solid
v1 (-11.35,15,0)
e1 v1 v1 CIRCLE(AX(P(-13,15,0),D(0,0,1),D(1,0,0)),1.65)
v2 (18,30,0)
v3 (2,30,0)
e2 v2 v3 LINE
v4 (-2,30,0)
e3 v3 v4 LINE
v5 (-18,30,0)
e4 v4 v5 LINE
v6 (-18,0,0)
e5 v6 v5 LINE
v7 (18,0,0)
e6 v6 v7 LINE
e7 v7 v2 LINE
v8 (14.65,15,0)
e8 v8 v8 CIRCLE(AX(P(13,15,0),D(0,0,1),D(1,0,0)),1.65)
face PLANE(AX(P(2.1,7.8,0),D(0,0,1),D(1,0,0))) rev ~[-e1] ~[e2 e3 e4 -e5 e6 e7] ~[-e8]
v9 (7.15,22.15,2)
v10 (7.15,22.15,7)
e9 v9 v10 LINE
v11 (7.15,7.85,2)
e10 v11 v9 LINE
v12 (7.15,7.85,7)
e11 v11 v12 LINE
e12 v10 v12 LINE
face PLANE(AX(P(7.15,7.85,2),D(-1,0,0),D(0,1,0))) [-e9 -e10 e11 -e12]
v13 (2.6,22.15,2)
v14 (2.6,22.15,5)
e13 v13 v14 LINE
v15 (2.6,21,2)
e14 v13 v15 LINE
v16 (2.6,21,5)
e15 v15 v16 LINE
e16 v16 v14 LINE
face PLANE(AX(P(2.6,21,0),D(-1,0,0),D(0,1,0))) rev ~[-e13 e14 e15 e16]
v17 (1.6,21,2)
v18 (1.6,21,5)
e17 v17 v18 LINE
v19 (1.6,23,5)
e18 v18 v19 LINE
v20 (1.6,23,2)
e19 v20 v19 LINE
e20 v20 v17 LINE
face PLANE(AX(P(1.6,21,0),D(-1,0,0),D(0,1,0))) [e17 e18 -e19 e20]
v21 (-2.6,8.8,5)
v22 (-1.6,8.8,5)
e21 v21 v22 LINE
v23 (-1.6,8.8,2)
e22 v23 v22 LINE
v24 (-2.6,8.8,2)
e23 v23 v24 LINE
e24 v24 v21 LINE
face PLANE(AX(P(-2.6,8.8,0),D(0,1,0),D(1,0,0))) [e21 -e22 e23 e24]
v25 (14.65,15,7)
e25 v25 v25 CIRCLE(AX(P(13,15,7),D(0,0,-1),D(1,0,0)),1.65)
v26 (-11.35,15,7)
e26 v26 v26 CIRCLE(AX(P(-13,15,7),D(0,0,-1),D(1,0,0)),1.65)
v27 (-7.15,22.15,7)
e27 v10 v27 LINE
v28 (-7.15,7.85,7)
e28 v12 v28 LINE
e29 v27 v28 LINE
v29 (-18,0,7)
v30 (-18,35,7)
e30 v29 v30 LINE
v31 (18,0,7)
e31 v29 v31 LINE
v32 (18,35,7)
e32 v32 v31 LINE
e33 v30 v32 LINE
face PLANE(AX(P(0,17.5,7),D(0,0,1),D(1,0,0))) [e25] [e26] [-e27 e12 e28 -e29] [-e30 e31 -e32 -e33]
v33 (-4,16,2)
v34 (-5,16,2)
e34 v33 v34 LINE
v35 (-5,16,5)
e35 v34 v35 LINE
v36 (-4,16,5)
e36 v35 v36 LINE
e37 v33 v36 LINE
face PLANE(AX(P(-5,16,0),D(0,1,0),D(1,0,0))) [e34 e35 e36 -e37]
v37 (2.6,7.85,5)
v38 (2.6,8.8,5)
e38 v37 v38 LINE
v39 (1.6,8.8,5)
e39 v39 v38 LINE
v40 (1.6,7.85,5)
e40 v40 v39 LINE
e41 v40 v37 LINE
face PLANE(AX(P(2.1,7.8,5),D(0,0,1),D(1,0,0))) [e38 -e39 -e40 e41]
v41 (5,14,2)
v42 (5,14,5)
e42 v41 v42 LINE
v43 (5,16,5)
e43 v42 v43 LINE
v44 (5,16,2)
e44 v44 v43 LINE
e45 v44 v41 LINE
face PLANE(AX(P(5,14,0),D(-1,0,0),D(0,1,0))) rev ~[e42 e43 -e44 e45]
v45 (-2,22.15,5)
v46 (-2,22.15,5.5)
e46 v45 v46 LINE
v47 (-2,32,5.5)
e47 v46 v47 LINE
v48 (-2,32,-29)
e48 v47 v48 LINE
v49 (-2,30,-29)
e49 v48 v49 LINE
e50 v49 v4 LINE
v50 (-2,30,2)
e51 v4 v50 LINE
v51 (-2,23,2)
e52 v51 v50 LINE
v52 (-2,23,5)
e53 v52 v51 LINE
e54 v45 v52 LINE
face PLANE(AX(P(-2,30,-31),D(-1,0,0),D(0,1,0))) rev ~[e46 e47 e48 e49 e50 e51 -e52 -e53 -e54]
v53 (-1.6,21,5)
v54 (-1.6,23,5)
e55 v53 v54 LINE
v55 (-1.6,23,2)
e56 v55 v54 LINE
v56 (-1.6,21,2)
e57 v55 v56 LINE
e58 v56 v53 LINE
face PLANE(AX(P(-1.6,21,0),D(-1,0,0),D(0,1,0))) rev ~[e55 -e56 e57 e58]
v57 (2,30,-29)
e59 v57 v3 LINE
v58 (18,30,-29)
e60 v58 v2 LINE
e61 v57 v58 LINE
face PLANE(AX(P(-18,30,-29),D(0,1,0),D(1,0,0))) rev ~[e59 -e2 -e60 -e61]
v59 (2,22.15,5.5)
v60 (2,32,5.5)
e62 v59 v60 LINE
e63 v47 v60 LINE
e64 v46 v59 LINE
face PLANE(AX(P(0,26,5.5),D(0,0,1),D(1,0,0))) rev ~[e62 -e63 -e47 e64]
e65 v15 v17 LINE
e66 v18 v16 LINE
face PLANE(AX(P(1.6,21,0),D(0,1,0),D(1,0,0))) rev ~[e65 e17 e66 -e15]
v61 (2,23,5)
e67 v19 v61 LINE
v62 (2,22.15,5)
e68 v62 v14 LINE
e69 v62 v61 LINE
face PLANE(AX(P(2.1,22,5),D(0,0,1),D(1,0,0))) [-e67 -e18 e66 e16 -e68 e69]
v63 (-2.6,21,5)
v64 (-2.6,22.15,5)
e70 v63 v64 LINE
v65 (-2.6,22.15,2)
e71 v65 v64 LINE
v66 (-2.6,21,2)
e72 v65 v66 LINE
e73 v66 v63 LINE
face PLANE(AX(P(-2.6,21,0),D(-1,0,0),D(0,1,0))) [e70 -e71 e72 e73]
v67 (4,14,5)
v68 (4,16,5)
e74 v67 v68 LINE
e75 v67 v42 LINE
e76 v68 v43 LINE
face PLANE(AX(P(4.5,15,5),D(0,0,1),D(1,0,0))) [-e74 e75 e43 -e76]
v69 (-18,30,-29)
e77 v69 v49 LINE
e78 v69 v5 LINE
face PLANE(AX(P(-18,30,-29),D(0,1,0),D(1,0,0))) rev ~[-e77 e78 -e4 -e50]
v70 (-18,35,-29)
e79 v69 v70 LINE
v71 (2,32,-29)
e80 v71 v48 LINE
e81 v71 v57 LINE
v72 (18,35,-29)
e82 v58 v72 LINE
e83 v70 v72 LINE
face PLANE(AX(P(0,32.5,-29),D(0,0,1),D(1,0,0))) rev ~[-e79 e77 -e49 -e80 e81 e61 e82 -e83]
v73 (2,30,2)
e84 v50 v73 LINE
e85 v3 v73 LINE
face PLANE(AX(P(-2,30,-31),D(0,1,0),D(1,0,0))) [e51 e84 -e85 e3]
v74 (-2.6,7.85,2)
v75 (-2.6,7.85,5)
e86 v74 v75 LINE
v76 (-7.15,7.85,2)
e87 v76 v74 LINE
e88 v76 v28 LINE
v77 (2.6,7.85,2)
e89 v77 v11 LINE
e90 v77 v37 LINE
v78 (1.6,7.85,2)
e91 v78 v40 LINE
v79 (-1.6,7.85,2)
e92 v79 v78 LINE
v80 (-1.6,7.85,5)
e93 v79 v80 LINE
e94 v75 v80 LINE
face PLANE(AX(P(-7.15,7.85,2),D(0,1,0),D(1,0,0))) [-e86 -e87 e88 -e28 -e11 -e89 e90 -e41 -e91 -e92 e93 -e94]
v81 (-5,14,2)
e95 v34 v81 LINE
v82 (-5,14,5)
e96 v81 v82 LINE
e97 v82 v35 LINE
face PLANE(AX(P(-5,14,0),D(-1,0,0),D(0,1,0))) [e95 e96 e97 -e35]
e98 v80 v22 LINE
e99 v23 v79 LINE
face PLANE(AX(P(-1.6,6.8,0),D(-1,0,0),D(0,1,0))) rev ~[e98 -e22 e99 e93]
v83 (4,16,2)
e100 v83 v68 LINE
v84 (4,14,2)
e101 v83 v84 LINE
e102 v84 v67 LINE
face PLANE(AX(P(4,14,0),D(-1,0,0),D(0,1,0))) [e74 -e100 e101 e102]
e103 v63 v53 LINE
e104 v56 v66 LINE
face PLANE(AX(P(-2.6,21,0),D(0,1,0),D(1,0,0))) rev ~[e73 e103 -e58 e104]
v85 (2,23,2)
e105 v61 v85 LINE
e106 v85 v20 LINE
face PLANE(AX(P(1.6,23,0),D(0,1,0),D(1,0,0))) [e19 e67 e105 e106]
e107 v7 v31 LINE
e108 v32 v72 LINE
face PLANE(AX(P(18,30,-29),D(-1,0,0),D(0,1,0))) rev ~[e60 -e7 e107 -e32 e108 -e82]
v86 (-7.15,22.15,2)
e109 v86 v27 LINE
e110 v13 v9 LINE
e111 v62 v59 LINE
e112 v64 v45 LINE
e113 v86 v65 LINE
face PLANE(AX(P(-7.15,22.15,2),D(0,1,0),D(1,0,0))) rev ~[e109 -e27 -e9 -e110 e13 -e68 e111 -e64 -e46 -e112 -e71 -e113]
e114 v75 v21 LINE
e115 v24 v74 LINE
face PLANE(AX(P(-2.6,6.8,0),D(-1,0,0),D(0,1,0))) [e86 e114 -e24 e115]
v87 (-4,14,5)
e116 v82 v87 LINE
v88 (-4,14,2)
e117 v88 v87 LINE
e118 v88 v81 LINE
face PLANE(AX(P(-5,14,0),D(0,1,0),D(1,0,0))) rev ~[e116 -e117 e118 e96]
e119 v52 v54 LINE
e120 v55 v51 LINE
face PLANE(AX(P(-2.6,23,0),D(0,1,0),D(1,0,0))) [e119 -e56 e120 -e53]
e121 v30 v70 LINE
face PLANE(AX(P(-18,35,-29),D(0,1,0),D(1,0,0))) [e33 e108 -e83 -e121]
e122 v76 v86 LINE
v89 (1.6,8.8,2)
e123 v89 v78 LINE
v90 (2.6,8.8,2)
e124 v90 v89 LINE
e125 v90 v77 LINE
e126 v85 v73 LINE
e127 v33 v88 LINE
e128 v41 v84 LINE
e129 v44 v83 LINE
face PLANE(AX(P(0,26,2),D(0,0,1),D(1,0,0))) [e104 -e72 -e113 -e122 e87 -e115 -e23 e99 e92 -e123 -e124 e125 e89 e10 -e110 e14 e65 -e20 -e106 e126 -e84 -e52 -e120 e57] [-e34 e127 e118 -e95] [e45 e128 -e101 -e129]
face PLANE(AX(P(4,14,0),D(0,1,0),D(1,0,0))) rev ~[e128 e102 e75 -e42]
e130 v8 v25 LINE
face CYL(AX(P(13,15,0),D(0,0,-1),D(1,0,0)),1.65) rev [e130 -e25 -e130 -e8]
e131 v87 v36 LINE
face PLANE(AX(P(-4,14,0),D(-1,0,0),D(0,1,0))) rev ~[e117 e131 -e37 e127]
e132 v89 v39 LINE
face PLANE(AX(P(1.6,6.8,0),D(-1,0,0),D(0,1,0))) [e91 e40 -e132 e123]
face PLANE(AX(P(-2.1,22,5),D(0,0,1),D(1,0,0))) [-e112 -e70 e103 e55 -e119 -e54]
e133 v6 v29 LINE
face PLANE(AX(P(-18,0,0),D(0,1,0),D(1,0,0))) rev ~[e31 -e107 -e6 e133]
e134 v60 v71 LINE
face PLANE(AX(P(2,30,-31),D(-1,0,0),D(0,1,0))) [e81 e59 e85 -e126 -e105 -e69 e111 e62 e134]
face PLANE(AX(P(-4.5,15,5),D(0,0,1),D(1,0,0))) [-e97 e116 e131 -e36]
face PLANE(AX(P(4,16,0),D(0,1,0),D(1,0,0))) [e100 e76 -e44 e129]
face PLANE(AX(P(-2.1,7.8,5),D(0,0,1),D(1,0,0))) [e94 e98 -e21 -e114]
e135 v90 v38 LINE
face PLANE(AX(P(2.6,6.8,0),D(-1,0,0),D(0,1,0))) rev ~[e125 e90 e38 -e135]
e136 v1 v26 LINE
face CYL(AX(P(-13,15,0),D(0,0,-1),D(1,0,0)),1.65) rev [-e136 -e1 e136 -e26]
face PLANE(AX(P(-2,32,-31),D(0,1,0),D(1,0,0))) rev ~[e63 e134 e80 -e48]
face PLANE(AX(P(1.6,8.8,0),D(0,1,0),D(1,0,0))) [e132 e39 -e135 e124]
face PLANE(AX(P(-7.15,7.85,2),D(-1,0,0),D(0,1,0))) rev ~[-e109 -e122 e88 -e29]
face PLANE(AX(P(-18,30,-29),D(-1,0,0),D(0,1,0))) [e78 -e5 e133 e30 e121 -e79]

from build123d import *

# Parameters (mm, degrees)
BOX009_W          = 1
BOX009_H          = 2
BOX009_DEPTH      = 5
BOX010_W          = 1
BOX010_H          = 2
BOX010_DEPTH      = 5
BOX007_W          = 1
BOX007_H          = 2
BOX007_DEPTH      = 5
BOX008_W          = 1
BOX008_H          = 2
BOX008_DEPTH      = 5
BOX006_W          = 1
BOX006_H          = 2
BOX006_DEPTH      = 5
BOX005_W          = 1
BOX005_H          = 2
BOX005_DEPTH      = 5
CYLINDER003_R     = 1.65
CYLINDER003_DEPTH = 10
CYLINDER002_R     = 1.65
CYLINDER002_DEPTH = 10
BOX004_W          = 4
BOX004_H          = 12
BOX004_DEPTH      = 3.5
BOX003_W          = 4
BOX003_H          = 2
BOX003_DEPTH      = 36
BOX002_W          = 14.3
BOX002_H          = 14.3
BOX002_DEPTH      = 10
BOX001_W          = 36
BOX001_H          = 5
BOX001_DEPTH      = 36
BOX_W             = 36
BOX_H             = 35
BOX_DEPTH         = 7


with BuildPart() as cube009:
    # Box009 → Box009 (new body)
    with BuildSketch(Plane(origin=(-2.6, 10, 0), x_dir=(1, 0, 0), z_dir=(0, 0, 1))):
        with Locations((0.5, 1)):
            Rectangle(BOX009_W, BOX009_H)
    extrude(amount=BOX009_DEPTH)


with BuildPart() as fusion002:
    # Box010 → Box010 (new body)
    with BuildSketch(Plane(origin=(1.6, 10, 0), x_dir=(1, 0, 0), z_dir=(0, 0, 1))):
        with Locations((0.5, 1)):
            Rectangle(BOX010_W, BOX010_H)
    extrude(amount=BOX010_DEPTH)

    # Fusion002: union Cube009
    add(cube009.part)


with BuildPart() as fusion002_1:
    # Fusion002 placement: moved
    add(fusion002.part.moved(Location((0, 11, 0))))


with BuildPart() as cube007:
    # Box007 → Box007 (new body)
    with BuildSketch(Plane(origin=(-2.6, 10, 0), x_dir=(1, 0, 0), z_dir=(0, 0, 1))):
        with Locations((0.5, 1)):
            Rectangle(BOX007_W, BOX007_H)
    extrude(amount=BOX007_DEPTH)


with BuildPart() as fusion001:
    # Box008 → Box008 (new body)
    with BuildSketch(Plane(origin=(1.6, 10, 0), x_dir=(1, 0, 0), z_dir=(0, 0, 1))):
        with Locations((0.5, 1)):
            Rectangle(BOX008_W, BOX008_H)
    extrude(amount=BOX008_DEPTH)

    # Fusion001: union Cube007
    add(cube007.part)


with BuildPart() as fusion001_1:
    # Fusion001 placement: moved
    add(fusion001.part.moved(Location((0, -3.2, 0))))


with BuildPart() as cube006:
    # Box006 → Box006 (new body)
    with BuildSketch(Plane(origin=(-5, 14, 0), x_dir=(1, 0, 0), z_dir=(0, 0, 1))):
        with Locations((0.5, 1)):
            Rectangle(BOX006_W, BOX006_H)
    extrude(amount=BOX006_DEPTH)


with BuildPart() as fusion006:
    # Box005 → Box005 (new body)
    with BuildSketch(Plane(origin=(4, 14, 0), x_dir=(1, 0, 0), z_dir=(0, 0, 1))):
        with Locations((0.5, 1)):
            Rectangle(BOX005_W, BOX005_H)
    extrude(amount=BOX005_DEPTH)

    # Fusion005: union Cube006
    add(cube006.part)

    # Fusion006: union Fusion002, Fusion001
    add(fusion002_1.part)
    add(fusion001_1.part)


with BuildPart() as cylinder003:
    # Cylinder003 → Cylinder003 (new body)
    with BuildSketch(Plane(origin=(13, 15, 0), x_dir=(1, 0, 0), z_dir=(0, 0, 1))):
        Circle(CYLINDER003_R)
    extrude(amount=CYLINDER003_DEPTH)


with BuildPart() as fusion003:
    # Cylinder002 → Cylinder002 (new body)
    with BuildSketch(Plane(origin=(-13, 15, 0), x_dir=(1, 0, 0), z_dir=(0, 0, 1))):
        Circle(CYLINDER002_R)
    extrude(amount=CYLINDER002_DEPTH)

    # Fusion003: union Cylinder003
    add(cylinder003.part)


with BuildPart() as cube004:
    # Box004 → Box004 (new body)
    with BuildSketch(Plane(origin=(-2, 20, 2), x_dir=(1, 0, 0), z_dir=(0, 0, 1))):
        with Locations((2, 6)):
            Rectangle(BOX004_W, BOX004_H)
    extrude(amount=BOX004_DEPTH)


with BuildPart() as cube003:
    # Box003 → Box003 (new body)
    with BuildSketch(Plane(origin=(-2, 30, -31), x_dir=(1, 0, 0), z_dir=(0, 0, 1))):
        with Locations((2, 1)):
            Rectangle(BOX003_W, BOX003_H)
    extrude(amount=BOX003_DEPTH)


with BuildPart() as cube002:
    # Box002 → Box002 (new body)
    with BuildSketch(Plane(origin=(-7.15, 7.85, 2), x_dir=(1, 0, 0), z_dir=(0, 0, 1))):
        with Locations((7.15, 7.15)):
            Rectangle(BOX002_W, BOX002_H)
    extrude(amount=BOX002_DEPTH)


with BuildPart() as cube001:
    # Box001 → Box001 (new body)
    with BuildSketch(Plane(origin=(-18, 30, -29), x_dir=(1, 0, 0), z_dir=(0, 0, 1))):
        with Locations((18, 2.5)):
            Rectangle(BOX001_W, BOX001_H)
    extrude(amount=BOX001_DEPTH)


with BuildPart() as fusion007:
    # Box → Box (new body)
    with BuildSketch(Plane(origin=(-18, 0, 0), x_dir=(1, 0, 0), z_dir=(0, 0, 1))):
        with Locations((18, 17.5)):
            Rectangle(BOX_W, BOX_H)
    extrude(amount=BOX_DEPTH)

    # Fusion: union Cube001
    add(cube001.part)

    # Cut: cut Cube002
    add(cube002.part, mode=Mode.SUBTRACT)

    # Cut001: cut Cube003
    add(cube003.part, mode=Mode.SUBTRACT)

    # Cut002: cut Cube004
    add(cube004.part, mode=Mode.SUBTRACT)

    # Cut003: cut Fusion003
    add(fusion003.part, mode=Mode.SUBTRACT)

    # Fusion007: union Fusion006
    add(fusion006.part)


solid = fusion007.part
